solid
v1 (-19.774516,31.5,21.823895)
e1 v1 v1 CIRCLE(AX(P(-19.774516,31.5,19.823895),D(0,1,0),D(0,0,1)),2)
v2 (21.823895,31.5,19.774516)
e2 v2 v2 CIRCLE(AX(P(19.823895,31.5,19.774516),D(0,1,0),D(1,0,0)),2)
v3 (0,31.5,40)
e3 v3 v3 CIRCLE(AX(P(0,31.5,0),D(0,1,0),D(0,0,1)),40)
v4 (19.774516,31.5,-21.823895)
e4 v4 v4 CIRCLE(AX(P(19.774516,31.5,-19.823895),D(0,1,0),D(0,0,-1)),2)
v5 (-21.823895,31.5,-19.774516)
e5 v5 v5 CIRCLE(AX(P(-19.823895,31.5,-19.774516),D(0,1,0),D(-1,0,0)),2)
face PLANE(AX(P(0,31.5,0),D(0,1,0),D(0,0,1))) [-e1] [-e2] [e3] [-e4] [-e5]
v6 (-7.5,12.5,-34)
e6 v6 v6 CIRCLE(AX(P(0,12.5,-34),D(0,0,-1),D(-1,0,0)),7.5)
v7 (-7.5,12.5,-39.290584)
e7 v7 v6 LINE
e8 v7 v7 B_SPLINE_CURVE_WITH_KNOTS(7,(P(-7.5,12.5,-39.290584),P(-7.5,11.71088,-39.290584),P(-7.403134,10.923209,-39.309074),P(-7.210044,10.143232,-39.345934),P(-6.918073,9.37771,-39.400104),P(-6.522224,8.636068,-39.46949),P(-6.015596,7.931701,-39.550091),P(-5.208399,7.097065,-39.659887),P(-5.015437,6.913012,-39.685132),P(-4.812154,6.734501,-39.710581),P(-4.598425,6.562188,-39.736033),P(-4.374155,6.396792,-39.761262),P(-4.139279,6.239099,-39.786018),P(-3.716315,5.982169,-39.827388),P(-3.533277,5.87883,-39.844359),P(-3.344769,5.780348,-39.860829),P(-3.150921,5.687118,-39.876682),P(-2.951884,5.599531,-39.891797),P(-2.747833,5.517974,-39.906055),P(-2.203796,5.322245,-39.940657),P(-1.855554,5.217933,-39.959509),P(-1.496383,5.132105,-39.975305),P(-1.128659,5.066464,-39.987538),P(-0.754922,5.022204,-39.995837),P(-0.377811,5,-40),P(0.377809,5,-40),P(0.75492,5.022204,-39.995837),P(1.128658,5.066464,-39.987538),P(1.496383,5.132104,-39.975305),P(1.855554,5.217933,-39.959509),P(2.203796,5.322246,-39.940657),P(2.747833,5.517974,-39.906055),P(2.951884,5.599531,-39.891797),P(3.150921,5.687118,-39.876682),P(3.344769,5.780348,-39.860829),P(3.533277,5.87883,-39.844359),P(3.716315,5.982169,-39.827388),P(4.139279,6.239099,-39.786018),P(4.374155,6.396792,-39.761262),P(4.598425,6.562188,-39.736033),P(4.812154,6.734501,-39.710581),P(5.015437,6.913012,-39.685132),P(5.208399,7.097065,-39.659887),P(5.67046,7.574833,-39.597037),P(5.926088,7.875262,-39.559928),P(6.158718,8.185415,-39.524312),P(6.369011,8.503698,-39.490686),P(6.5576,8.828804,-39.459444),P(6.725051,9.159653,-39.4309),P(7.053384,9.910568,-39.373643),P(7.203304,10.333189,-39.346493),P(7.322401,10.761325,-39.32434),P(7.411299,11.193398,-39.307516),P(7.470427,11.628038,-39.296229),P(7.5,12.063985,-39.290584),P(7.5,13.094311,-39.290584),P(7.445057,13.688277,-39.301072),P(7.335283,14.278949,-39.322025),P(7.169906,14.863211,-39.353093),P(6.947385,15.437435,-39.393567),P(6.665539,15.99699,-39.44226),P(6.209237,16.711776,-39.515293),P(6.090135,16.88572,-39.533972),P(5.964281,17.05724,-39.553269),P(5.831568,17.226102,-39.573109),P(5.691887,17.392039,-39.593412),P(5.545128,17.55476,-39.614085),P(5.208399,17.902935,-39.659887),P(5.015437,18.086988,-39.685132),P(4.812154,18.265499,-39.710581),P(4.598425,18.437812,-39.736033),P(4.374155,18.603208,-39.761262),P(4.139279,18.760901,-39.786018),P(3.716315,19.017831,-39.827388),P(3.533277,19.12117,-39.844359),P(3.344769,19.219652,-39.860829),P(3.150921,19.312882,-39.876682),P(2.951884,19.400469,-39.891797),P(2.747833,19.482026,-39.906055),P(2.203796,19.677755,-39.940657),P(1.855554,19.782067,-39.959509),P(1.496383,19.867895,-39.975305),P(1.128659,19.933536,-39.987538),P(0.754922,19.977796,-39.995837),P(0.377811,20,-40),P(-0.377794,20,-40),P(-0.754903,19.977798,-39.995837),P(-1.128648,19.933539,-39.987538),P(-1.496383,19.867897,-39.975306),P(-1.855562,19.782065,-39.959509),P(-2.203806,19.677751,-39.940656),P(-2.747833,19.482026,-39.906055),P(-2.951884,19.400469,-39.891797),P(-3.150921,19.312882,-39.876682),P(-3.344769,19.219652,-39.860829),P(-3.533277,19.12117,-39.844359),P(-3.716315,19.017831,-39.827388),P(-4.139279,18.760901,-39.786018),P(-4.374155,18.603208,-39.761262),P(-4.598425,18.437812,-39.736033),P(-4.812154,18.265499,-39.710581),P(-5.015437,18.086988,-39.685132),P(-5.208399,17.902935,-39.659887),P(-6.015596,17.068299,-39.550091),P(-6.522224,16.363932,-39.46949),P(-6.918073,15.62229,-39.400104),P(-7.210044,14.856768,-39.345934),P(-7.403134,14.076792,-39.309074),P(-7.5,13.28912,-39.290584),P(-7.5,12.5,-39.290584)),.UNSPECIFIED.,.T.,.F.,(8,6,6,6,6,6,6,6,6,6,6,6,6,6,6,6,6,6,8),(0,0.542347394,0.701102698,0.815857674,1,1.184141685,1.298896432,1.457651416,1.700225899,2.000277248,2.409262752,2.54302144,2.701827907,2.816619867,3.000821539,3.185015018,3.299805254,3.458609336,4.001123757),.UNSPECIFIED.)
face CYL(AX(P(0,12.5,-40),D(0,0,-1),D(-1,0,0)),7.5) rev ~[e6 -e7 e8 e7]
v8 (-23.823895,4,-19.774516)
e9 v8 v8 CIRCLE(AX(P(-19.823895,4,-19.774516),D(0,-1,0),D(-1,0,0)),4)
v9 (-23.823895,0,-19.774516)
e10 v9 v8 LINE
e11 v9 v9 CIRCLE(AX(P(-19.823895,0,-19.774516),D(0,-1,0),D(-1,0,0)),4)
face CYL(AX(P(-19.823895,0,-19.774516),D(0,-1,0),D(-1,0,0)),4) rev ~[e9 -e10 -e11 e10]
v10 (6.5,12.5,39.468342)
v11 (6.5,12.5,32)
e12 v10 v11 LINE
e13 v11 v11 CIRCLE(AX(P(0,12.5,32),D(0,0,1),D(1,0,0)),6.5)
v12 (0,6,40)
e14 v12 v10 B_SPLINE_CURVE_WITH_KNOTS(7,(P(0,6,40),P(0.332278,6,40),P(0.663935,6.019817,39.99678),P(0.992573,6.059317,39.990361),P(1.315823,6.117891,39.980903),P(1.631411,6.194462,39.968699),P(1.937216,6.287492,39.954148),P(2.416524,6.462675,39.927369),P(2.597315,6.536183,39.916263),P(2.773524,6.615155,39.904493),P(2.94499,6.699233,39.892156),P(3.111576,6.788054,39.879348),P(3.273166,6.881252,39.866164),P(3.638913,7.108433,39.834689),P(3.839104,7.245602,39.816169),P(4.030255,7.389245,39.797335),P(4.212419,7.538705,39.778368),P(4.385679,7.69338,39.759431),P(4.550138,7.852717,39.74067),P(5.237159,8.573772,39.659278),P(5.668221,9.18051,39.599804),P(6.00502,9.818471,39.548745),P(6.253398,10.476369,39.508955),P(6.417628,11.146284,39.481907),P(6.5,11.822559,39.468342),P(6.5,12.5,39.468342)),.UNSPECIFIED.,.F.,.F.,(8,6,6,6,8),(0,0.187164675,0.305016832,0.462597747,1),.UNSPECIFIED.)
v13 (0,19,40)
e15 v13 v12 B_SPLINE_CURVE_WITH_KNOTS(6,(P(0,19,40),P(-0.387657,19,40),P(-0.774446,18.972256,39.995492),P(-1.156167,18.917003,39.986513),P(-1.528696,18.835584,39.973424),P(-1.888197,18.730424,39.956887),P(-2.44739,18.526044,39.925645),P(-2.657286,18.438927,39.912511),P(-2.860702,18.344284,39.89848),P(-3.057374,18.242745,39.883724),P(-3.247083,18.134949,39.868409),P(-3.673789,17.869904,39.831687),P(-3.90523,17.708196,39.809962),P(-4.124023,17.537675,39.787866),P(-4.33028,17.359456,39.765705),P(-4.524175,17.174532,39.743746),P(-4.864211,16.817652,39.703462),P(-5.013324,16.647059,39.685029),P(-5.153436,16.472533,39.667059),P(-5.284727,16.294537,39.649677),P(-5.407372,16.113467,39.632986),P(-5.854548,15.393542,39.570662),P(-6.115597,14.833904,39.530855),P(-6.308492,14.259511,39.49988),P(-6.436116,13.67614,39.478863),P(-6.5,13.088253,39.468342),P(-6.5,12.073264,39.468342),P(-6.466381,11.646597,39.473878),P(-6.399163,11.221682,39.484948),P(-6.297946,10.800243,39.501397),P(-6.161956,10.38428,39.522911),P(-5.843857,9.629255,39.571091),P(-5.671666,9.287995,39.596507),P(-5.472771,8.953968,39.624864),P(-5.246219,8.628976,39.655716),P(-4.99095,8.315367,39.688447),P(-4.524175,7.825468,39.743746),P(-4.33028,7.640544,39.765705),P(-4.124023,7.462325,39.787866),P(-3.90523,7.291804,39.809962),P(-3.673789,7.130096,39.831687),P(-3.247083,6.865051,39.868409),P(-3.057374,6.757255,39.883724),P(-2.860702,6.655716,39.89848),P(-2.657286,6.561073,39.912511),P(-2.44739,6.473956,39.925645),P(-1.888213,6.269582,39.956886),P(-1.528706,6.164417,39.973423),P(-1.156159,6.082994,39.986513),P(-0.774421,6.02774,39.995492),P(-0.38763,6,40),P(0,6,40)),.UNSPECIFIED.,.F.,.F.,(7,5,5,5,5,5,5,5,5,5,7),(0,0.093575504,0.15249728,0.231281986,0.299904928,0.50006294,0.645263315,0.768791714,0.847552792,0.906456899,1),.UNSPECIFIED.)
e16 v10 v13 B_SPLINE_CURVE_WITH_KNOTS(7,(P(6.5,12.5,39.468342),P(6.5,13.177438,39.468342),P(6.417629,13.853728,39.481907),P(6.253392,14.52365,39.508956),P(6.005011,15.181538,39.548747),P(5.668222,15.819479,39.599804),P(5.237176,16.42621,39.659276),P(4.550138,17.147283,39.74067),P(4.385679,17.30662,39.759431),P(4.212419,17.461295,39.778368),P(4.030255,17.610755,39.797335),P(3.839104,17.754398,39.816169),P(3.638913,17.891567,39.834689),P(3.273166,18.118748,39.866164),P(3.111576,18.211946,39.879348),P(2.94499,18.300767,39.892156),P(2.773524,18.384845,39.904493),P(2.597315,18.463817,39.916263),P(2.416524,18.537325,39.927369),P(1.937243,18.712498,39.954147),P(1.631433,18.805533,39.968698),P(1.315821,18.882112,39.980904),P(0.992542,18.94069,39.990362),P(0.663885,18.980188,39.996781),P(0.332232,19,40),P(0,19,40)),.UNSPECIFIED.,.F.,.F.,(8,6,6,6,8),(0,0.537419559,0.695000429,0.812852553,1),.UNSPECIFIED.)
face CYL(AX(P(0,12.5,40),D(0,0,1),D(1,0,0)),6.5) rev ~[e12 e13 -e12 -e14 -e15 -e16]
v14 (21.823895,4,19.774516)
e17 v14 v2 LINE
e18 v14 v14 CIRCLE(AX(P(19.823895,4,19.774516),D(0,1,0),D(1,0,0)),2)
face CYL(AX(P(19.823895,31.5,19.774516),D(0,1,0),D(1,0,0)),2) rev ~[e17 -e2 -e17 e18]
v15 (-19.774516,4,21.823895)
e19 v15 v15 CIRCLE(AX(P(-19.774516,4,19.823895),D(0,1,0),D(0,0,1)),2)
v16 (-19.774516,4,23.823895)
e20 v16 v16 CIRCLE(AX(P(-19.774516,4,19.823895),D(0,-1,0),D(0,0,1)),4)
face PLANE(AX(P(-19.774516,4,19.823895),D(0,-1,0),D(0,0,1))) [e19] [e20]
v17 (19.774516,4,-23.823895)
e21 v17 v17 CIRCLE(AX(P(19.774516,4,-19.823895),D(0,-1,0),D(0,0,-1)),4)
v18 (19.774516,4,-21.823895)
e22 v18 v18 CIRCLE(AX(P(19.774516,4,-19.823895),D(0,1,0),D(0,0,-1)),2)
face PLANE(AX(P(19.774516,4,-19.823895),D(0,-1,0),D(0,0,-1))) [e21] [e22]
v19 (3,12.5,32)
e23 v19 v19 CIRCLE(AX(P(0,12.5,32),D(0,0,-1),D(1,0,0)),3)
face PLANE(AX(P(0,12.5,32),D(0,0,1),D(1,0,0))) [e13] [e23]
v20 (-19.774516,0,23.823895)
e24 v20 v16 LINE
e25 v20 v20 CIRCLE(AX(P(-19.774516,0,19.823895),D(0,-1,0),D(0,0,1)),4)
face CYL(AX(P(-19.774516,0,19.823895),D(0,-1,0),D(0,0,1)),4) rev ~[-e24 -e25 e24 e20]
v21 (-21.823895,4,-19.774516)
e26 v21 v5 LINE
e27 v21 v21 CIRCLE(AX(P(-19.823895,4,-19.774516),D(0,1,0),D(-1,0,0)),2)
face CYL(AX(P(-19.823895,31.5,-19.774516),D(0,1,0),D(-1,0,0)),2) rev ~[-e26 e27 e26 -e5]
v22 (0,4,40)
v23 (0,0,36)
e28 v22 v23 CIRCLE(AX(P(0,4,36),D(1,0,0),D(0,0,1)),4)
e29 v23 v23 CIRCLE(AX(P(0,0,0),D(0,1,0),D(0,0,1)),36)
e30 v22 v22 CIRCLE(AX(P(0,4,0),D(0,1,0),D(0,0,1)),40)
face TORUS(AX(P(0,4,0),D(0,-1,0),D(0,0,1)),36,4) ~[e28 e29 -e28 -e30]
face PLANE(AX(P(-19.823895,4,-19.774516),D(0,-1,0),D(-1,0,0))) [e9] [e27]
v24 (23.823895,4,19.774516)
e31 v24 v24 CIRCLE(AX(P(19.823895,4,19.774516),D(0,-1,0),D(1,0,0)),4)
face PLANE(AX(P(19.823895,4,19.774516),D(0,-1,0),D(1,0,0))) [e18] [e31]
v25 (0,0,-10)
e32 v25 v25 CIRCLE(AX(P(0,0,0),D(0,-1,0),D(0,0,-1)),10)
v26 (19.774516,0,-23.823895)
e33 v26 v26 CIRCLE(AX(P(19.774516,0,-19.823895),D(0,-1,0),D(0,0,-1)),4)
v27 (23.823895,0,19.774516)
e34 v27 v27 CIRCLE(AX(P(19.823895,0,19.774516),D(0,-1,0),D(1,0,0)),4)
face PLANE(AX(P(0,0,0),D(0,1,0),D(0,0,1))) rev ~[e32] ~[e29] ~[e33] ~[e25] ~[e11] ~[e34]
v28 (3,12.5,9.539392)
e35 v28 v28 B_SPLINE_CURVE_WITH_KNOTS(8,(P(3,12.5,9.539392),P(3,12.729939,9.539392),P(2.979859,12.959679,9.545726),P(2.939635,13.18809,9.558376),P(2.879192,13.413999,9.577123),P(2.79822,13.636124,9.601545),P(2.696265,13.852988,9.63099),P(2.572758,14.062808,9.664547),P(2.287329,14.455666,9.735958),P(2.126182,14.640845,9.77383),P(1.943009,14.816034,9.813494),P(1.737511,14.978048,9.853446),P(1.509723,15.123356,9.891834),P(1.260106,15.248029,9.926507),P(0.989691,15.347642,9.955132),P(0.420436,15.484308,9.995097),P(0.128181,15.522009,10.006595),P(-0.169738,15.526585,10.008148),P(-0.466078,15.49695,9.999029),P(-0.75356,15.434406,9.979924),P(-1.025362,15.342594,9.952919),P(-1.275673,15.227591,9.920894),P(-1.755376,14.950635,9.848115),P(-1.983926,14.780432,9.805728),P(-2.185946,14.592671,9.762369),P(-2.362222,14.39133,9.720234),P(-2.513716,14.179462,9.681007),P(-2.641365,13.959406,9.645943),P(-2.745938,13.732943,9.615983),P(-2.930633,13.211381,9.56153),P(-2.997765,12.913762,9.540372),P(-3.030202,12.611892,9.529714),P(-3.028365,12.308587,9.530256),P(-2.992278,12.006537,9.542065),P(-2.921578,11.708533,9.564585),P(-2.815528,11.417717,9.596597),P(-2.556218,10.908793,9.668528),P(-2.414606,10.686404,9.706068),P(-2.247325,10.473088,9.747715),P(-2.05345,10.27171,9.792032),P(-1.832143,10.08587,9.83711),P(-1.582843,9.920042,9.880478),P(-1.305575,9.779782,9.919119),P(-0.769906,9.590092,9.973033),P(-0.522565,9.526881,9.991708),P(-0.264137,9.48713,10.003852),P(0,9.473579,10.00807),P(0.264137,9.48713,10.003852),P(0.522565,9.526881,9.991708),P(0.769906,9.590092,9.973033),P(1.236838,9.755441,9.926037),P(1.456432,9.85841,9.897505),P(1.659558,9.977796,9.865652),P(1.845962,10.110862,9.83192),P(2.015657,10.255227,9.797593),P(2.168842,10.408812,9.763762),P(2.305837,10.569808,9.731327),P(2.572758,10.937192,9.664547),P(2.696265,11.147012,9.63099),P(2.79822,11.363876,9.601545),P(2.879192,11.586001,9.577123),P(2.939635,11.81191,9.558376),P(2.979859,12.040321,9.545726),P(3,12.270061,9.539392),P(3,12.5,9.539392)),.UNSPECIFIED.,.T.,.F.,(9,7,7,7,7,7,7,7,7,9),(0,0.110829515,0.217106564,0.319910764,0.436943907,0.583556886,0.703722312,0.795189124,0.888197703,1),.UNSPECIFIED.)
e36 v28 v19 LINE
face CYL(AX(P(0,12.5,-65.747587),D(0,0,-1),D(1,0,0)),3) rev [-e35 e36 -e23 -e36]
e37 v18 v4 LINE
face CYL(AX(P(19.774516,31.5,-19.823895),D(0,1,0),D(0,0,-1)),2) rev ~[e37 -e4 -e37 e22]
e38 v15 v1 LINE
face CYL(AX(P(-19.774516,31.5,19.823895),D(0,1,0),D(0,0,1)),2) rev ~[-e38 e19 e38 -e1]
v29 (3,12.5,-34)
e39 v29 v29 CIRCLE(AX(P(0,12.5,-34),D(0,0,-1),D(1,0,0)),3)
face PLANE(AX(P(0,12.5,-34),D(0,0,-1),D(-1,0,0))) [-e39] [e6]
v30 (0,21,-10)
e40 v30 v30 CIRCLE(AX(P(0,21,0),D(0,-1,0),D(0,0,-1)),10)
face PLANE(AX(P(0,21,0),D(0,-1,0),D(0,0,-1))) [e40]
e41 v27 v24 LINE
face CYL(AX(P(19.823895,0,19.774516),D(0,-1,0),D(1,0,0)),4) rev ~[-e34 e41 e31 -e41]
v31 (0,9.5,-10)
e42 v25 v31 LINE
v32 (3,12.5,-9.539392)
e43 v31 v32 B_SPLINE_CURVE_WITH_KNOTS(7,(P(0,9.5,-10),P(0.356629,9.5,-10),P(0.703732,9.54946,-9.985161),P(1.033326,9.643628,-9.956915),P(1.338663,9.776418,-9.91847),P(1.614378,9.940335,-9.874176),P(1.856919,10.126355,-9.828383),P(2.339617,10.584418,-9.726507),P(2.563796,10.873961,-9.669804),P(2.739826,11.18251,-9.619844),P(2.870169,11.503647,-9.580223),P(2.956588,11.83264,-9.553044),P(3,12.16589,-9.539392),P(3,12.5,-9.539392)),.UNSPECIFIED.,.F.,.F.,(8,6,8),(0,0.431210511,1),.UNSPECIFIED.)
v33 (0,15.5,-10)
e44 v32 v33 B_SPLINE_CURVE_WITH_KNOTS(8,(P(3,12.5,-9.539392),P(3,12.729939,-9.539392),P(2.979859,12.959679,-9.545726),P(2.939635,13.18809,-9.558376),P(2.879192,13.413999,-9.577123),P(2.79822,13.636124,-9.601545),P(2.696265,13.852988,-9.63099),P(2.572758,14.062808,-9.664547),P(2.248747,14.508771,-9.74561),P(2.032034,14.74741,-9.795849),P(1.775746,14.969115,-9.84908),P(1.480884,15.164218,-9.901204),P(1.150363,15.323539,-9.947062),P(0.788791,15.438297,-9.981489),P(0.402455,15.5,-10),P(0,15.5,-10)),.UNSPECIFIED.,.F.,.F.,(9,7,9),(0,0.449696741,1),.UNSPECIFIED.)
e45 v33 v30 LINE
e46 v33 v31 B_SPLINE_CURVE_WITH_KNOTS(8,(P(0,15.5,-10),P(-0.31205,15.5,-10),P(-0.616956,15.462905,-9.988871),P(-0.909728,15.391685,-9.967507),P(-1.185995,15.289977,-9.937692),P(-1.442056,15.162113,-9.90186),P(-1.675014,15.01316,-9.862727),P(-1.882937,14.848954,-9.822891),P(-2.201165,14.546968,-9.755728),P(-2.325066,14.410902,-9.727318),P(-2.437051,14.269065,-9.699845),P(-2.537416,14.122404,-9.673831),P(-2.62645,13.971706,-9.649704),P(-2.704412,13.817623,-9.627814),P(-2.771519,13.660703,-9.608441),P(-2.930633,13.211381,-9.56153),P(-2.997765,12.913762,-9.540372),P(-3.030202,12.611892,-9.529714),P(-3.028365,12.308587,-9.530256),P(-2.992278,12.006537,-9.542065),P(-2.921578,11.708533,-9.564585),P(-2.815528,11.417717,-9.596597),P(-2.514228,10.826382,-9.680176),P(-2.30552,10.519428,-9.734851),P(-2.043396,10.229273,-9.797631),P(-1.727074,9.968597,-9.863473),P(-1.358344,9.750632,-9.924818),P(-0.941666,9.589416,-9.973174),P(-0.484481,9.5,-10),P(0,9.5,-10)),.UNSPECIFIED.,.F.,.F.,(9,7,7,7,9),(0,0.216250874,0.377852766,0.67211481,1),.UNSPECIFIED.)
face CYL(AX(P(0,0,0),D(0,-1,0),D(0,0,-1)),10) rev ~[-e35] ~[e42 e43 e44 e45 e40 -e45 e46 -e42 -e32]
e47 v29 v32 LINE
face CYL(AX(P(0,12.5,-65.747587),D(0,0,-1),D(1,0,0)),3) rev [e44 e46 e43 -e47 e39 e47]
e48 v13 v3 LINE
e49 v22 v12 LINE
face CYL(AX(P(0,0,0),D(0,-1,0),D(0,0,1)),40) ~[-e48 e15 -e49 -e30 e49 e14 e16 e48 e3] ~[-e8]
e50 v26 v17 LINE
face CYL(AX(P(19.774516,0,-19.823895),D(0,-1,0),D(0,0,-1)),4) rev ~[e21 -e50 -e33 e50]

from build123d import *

# Parameters (mm, degrees)
SKETCH1_R               = 40
BOSS_EXTRUDE1_DEPTH     = 31.5
CUT_EXTRUDE1_DEPTH      = 65.747586828
CUT_EXTRUDE1_DEPTH_BACK = 65.747586828
SKETCH2_R               = 3
SKETCH7_R               = 10
CUT_EXTRUDE3_DEPTH      = 21
SKETCH8_R               = 6.5
CUT_EXTRUDE4_DEPTH      = 8
SKETCH9_R               = 7.5
CUT_EXTRUDE5_DEPTH      = 6
SKETCH10_R              = 2
CUT_EXTRUDE7_DEPTH      = 65.747587
CIRPATTERN1_COUNT       = 4
SKETCH12_R              = 4
CUT_EXTRUDE8_DEPTH      = 4
CIRPATTERN2_COUNT       = 4
FILLET1_R               = 4


with BuildPart() as part:
    # Sketch1 → Boss-Extrude1 (new body)
    with BuildSketch(Plane(origin=(0, 0, 0), x_dir=(1, 0, 0), z_dir=(0, 1, 0))):
        with Locations(Location((0, 0, 0), (0, 0, 270))):
            Circle(SKETCH1_R)
    extrude(amount=BOSS_EXTRUDE1_DEPTH)

    # Sketch2 → Cut-Extrude1 (cut, two sides: drawn at the far end of the back side and taken through both)
    with BuildSketch(Plane.XY.offset(-CUT_EXTRUDE1_DEPTH_BACK)):
        with Locations((0, 12.5)):
            Circle(SKETCH2_R)
    extrude(amount=CUT_EXTRUDE1_DEPTH + CUT_EXTRUDE1_DEPTH_BACK, mode=Mode.SUBTRACT)

    # Sketch7 → Cut-Extrude3 (cut)
    with BuildSketch(Plane.XZ):
        with Locations(Location((0, 0, 0), (0, 0, 270))):
            Circle(SKETCH7_R)
    extrude(amount=-CUT_EXTRUDE3_DEPTH, mode=Mode.SUBTRACT)

    # Sketch8 → Cut-Extrude4 (cut)
    with BuildSketch(Plane.XY.offset(40)):
        with Locations((0, 12.5)):
            Circle(SKETCH8_R)
    extrude(amount=-CUT_EXTRUDE4_DEPTH, mode=Mode.SUBTRACT)

    # Sketch9 → Cut-Extrude5 (cut)
    with BuildSketch(Plane(origin=(0, 0, -40), x_dir=(-1, 0, 0), z_dir=(0, 0, -1))):
        with Locations((0, 12.5)):
            Circle(SKETCH9_R)
    extrude(amount=-CUT_EXTRUDE5_DEPTH, mode=Mode.SUBTRACT)

    # Sketch10 → Cut-Extrude7 (cut, symmetric)
    with BuildSketch(Plane(origin=(0, 31.5, 0), x_dir=(1, 0, 0), z_dir=(0, 1, 0))):
        with Locations(Location((-19.774516002, -19.823894806, 0), (0, 0, 270))):
            Circle(SKETCH10_R)
    cut_extrude7 = extrude(amount=CUT_EXTRUDE7_DEPTH, both=True, mode=Mode.SUBTRACT)

    # CirPattern1: Cut-Extrude7 ×4 about axis
    cirpattern1_axis = Axis((0, 0, 0), (0, 1, 0))
    for i in range(1, CIRPATTERN1_COUNT):
        add(cut_extrude7.rotate(cirpattern1_axis, i * 360 / CIRPATTERN1_COUNT), mode=Mode.SUBTRACT)

    # Sketch12 → Cut-Extrude8 (cut)
    with BuildSketch(Plane(origin=(0, 0, 0), x_dir=(-1, 0, 0), z_dir=(0, -1, 0))):
        with Locations(Location((-19.774516002, 19.823894806, 0), (0, 0, 90))):
            Circle(SKETCH12_R)
    cut_extrude8 = extrude(amount=-CUT_EXTRUDE8_DEPTH, mode=Mode.SUBTRACT)

    # CirPattern2: Cut-Extrude8 ×4 about axis
    cirpattern2_axis = Axis((0, 0, 0), (0, 1, 0))
    for i in range(1, CIRPATTERN2_COUNT):
        add(cut_extrude8.rotate(cirpattern2_axis, i * 360 / CIRPATTERN2_COUNT), mode=Mode.SUBTRACT)

    # Fillet1
    fillet1_edges = [part.edges().sort_by_distance(p)[0] for p in [
        (0, 0, -40),
    ]]
    fillet(fillet1_edges, radius=FILLET1_R)


solid = part.part
